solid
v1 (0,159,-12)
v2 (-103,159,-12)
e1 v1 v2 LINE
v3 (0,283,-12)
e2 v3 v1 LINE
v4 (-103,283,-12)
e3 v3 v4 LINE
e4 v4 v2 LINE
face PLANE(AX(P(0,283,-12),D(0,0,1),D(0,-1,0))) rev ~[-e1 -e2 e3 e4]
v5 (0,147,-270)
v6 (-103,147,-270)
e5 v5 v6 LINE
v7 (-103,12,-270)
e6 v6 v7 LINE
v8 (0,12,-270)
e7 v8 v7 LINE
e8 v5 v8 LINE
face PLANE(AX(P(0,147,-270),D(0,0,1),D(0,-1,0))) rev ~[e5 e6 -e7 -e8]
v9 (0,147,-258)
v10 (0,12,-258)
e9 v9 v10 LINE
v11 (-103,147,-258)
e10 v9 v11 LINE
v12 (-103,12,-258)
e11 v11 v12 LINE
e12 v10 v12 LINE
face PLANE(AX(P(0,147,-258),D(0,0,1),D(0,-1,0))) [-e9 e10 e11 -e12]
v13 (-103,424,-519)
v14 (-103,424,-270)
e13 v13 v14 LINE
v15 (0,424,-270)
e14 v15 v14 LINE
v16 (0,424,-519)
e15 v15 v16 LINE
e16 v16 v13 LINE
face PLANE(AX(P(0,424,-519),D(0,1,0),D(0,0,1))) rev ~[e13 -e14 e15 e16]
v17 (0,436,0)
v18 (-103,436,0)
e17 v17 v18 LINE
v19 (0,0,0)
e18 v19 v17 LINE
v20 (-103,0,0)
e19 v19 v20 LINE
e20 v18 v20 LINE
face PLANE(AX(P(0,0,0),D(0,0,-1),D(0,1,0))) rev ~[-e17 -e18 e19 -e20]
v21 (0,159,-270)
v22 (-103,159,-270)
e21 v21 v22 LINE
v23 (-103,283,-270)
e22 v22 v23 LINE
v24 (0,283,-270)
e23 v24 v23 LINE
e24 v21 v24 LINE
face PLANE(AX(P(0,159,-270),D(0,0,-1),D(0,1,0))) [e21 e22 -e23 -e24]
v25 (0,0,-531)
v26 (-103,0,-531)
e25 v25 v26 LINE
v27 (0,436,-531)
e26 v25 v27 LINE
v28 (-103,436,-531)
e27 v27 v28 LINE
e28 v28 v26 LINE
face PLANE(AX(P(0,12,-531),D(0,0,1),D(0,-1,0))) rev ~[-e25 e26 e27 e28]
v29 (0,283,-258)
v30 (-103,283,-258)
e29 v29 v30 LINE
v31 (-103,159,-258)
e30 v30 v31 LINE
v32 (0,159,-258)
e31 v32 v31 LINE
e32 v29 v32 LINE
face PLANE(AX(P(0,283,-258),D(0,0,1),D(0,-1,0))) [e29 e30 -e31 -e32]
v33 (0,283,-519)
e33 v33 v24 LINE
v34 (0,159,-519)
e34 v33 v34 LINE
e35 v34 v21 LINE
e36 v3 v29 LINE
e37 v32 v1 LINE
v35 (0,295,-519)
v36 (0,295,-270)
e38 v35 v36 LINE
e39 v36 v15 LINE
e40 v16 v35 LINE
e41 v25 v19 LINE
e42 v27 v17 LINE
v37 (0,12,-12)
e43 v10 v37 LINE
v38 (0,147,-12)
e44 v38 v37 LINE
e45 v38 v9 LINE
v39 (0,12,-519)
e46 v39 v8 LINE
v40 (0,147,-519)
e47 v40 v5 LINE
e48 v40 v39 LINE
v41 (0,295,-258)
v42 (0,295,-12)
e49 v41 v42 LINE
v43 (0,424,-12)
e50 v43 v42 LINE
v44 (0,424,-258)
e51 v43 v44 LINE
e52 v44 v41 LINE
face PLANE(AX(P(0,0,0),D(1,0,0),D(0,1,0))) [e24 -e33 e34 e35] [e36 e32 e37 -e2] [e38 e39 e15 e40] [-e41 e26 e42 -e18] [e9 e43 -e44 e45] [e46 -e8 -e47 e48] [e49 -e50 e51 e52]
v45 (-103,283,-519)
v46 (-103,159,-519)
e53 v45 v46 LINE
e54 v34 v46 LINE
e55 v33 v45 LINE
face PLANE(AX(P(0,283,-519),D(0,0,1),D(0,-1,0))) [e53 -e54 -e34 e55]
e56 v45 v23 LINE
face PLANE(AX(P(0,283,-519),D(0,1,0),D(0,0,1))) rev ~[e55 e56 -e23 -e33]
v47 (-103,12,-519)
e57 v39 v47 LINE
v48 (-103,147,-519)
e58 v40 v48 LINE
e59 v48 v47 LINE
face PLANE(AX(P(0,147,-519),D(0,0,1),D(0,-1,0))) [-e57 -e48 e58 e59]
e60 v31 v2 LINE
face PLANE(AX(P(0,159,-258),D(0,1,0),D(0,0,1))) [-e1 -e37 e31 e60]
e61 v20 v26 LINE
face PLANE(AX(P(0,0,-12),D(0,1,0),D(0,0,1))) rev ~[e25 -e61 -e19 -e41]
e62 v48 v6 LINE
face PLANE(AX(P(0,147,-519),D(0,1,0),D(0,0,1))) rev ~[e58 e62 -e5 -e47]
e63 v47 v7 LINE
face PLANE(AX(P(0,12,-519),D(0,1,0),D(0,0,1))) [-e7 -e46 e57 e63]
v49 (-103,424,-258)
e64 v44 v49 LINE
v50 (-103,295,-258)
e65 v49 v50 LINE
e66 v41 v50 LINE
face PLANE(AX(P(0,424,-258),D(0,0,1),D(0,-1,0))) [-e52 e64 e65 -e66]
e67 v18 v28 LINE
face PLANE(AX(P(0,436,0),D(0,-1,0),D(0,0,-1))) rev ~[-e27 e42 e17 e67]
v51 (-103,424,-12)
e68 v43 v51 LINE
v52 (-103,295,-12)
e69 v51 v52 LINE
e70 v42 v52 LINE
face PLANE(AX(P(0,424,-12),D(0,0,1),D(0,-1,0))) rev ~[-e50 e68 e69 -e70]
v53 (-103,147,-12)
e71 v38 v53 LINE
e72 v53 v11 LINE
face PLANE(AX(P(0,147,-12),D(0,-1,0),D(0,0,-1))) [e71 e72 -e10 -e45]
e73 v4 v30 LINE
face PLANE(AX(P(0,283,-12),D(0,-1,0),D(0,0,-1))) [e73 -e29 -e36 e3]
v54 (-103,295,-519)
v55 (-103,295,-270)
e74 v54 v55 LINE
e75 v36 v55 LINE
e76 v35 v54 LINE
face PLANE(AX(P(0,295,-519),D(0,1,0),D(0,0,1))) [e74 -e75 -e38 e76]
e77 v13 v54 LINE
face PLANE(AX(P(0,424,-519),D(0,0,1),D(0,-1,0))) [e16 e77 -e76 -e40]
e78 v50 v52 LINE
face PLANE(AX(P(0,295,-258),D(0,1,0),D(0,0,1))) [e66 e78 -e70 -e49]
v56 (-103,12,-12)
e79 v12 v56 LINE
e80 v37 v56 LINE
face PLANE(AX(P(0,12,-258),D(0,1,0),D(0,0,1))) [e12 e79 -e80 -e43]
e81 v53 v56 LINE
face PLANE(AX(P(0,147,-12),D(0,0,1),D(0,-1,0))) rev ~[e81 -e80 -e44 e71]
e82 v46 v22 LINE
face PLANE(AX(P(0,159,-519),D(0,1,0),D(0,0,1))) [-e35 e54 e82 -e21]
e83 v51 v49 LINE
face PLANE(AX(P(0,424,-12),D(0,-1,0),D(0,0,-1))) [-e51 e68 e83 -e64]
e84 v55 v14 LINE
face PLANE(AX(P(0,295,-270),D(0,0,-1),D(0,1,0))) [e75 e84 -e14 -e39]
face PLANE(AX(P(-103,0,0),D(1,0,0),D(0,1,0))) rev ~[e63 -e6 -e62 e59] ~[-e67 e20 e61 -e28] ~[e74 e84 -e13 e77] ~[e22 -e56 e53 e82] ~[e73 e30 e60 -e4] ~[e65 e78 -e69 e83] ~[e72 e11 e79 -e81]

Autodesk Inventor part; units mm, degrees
ref_plane "YZ Plane" through (0, 0, 0) normal (1, 0, 0) x (0, 1, 0)
ref_plane "XZ Plane" through (0, 0, 0) normal (0, 1, 0) x (-1, 0, 0)
ref_plane "XY Plane" through (0, 0, 0) normal (0, 0, 1) x (1, 0, 0)
sketch "Boceto1" plane through (0, 0, 0) normal (1, 0, 0) x (0, 1, 0)
  line L0 (0, 0) -> (436, 0)
  line L1 (436, 0) -> (436, -531)
  line L2 (436, -531) -> (0, -531)
  line L3 (0, -531) -> (0, 0)
  line L4 (0, -531) -> (12, -531)
  line L5 (12, -531) -> (12, 0)
  line L6 (12, 0) -> (0, 0)
  line L7 (0, 0) -> (0, -531)
  line L8 (436, -531) -> (424, -531)
  line L9 (424, -531) -> (424, -513.995)
  line L10 (436, -513.995) -> (436, -531)
  line L11 (436, 0) -> (424, 0)
  line L12 (424, 0) -> (424, -531)
  line L13 (424, -531) -> (436, -531)
  line L14 (436, -531) -> (436, 0)
  line L15 (0, 0) -> (436, 0)
  line L16 (436, 0) -> (436, -12)
  line L17 (436, -12) -> (0, -12)
  line L18 (0, -12) -> (0, 0)
  line L19 (0, -531) -> (436, -531)
  line L20 (436, -531) -> (436, -519)
  line L21 (436, -519) -> (0, -519)
  line L22 (0, -519) -> (0, -531)
  line L23 (12, -519) -> (147, -519)
  line L24 (147, -519) -> (147, -270)
  line L25 (147, -270) -> (12, -270)
  line L26 (12, -270) -> (12, -519)
  line L27 (12, -270) -> (424, -270)
  line L28 (424, -270) -> (424, -258)
  line L29 (424, -258) -> (12, -258)
  line L30 (12, -258) -> (12, -270)
  line L31 (147, -519) -> (159, -519)
  line L32 (159, -519) -> (159, -12)
  line L33 (159, -12) -> (147, -12)
  line L34 (147, -12) -> (147, -519)
  line L35 (159, -519) -> (283, -519)
  line L36 (283, -519) -> (283, -270)
  line L37 (283, -270) -> (159, -270)
  line L38 (159, -270) -> (159, -519)
  line L39 (283, -519) -> (295, -519)
  line L40 (295, -519) -> (295, -270)
  line L41 (295, -270) -> (283, -270)
  line L42 (283, -270) -> (283, -519)
  line L43 (295, -258) -> (295, -12)
  line L44 (283, -12) -> (283, -258)
  point P0 (424, -12)
  point P1 (159, -258)
  point P2 (159, -270)
  point P3 (12, -12)
  point P4 (147, -258)
  point P5 (424, -519)
  point P6 (424, -519)
  dimension "d0" = 436
  dimension "d1" = 531
  dimension "d2" = 12
  dimension "d3" = 12
  dimension "d4" = 12
  dimension "d5" = 12
  dimension "d6" = 12
  dimension "d7" = 135
  dimension "d8" = 249
  dimension "d9" = 12
  dimension "d10" = 12
  dimension "d11" = 124
  dimension "d12" = 12
extrude "Extrusión2" add sketch "Boceto1" against normal blind 103 contours L0 L5 L17 L3 | L0 L12 L17 L5 | L17 L5 L21 L3 | L0 L1 L17 L12 | L21 L5 L2 L3 | L17 L1 L21 L9 L12 | L29 L34 L25 L5 | L17 L32 L29 L34 | L21 L9 L2 L5 | L12 L27 L32 L29 | L43 L29 L44 L17 | L29 L32 L27 L34 | L24 L27 L32 L21 | L9 L21 L1 L2 | L40 L21 L36 L27
properties part number "Estante"
